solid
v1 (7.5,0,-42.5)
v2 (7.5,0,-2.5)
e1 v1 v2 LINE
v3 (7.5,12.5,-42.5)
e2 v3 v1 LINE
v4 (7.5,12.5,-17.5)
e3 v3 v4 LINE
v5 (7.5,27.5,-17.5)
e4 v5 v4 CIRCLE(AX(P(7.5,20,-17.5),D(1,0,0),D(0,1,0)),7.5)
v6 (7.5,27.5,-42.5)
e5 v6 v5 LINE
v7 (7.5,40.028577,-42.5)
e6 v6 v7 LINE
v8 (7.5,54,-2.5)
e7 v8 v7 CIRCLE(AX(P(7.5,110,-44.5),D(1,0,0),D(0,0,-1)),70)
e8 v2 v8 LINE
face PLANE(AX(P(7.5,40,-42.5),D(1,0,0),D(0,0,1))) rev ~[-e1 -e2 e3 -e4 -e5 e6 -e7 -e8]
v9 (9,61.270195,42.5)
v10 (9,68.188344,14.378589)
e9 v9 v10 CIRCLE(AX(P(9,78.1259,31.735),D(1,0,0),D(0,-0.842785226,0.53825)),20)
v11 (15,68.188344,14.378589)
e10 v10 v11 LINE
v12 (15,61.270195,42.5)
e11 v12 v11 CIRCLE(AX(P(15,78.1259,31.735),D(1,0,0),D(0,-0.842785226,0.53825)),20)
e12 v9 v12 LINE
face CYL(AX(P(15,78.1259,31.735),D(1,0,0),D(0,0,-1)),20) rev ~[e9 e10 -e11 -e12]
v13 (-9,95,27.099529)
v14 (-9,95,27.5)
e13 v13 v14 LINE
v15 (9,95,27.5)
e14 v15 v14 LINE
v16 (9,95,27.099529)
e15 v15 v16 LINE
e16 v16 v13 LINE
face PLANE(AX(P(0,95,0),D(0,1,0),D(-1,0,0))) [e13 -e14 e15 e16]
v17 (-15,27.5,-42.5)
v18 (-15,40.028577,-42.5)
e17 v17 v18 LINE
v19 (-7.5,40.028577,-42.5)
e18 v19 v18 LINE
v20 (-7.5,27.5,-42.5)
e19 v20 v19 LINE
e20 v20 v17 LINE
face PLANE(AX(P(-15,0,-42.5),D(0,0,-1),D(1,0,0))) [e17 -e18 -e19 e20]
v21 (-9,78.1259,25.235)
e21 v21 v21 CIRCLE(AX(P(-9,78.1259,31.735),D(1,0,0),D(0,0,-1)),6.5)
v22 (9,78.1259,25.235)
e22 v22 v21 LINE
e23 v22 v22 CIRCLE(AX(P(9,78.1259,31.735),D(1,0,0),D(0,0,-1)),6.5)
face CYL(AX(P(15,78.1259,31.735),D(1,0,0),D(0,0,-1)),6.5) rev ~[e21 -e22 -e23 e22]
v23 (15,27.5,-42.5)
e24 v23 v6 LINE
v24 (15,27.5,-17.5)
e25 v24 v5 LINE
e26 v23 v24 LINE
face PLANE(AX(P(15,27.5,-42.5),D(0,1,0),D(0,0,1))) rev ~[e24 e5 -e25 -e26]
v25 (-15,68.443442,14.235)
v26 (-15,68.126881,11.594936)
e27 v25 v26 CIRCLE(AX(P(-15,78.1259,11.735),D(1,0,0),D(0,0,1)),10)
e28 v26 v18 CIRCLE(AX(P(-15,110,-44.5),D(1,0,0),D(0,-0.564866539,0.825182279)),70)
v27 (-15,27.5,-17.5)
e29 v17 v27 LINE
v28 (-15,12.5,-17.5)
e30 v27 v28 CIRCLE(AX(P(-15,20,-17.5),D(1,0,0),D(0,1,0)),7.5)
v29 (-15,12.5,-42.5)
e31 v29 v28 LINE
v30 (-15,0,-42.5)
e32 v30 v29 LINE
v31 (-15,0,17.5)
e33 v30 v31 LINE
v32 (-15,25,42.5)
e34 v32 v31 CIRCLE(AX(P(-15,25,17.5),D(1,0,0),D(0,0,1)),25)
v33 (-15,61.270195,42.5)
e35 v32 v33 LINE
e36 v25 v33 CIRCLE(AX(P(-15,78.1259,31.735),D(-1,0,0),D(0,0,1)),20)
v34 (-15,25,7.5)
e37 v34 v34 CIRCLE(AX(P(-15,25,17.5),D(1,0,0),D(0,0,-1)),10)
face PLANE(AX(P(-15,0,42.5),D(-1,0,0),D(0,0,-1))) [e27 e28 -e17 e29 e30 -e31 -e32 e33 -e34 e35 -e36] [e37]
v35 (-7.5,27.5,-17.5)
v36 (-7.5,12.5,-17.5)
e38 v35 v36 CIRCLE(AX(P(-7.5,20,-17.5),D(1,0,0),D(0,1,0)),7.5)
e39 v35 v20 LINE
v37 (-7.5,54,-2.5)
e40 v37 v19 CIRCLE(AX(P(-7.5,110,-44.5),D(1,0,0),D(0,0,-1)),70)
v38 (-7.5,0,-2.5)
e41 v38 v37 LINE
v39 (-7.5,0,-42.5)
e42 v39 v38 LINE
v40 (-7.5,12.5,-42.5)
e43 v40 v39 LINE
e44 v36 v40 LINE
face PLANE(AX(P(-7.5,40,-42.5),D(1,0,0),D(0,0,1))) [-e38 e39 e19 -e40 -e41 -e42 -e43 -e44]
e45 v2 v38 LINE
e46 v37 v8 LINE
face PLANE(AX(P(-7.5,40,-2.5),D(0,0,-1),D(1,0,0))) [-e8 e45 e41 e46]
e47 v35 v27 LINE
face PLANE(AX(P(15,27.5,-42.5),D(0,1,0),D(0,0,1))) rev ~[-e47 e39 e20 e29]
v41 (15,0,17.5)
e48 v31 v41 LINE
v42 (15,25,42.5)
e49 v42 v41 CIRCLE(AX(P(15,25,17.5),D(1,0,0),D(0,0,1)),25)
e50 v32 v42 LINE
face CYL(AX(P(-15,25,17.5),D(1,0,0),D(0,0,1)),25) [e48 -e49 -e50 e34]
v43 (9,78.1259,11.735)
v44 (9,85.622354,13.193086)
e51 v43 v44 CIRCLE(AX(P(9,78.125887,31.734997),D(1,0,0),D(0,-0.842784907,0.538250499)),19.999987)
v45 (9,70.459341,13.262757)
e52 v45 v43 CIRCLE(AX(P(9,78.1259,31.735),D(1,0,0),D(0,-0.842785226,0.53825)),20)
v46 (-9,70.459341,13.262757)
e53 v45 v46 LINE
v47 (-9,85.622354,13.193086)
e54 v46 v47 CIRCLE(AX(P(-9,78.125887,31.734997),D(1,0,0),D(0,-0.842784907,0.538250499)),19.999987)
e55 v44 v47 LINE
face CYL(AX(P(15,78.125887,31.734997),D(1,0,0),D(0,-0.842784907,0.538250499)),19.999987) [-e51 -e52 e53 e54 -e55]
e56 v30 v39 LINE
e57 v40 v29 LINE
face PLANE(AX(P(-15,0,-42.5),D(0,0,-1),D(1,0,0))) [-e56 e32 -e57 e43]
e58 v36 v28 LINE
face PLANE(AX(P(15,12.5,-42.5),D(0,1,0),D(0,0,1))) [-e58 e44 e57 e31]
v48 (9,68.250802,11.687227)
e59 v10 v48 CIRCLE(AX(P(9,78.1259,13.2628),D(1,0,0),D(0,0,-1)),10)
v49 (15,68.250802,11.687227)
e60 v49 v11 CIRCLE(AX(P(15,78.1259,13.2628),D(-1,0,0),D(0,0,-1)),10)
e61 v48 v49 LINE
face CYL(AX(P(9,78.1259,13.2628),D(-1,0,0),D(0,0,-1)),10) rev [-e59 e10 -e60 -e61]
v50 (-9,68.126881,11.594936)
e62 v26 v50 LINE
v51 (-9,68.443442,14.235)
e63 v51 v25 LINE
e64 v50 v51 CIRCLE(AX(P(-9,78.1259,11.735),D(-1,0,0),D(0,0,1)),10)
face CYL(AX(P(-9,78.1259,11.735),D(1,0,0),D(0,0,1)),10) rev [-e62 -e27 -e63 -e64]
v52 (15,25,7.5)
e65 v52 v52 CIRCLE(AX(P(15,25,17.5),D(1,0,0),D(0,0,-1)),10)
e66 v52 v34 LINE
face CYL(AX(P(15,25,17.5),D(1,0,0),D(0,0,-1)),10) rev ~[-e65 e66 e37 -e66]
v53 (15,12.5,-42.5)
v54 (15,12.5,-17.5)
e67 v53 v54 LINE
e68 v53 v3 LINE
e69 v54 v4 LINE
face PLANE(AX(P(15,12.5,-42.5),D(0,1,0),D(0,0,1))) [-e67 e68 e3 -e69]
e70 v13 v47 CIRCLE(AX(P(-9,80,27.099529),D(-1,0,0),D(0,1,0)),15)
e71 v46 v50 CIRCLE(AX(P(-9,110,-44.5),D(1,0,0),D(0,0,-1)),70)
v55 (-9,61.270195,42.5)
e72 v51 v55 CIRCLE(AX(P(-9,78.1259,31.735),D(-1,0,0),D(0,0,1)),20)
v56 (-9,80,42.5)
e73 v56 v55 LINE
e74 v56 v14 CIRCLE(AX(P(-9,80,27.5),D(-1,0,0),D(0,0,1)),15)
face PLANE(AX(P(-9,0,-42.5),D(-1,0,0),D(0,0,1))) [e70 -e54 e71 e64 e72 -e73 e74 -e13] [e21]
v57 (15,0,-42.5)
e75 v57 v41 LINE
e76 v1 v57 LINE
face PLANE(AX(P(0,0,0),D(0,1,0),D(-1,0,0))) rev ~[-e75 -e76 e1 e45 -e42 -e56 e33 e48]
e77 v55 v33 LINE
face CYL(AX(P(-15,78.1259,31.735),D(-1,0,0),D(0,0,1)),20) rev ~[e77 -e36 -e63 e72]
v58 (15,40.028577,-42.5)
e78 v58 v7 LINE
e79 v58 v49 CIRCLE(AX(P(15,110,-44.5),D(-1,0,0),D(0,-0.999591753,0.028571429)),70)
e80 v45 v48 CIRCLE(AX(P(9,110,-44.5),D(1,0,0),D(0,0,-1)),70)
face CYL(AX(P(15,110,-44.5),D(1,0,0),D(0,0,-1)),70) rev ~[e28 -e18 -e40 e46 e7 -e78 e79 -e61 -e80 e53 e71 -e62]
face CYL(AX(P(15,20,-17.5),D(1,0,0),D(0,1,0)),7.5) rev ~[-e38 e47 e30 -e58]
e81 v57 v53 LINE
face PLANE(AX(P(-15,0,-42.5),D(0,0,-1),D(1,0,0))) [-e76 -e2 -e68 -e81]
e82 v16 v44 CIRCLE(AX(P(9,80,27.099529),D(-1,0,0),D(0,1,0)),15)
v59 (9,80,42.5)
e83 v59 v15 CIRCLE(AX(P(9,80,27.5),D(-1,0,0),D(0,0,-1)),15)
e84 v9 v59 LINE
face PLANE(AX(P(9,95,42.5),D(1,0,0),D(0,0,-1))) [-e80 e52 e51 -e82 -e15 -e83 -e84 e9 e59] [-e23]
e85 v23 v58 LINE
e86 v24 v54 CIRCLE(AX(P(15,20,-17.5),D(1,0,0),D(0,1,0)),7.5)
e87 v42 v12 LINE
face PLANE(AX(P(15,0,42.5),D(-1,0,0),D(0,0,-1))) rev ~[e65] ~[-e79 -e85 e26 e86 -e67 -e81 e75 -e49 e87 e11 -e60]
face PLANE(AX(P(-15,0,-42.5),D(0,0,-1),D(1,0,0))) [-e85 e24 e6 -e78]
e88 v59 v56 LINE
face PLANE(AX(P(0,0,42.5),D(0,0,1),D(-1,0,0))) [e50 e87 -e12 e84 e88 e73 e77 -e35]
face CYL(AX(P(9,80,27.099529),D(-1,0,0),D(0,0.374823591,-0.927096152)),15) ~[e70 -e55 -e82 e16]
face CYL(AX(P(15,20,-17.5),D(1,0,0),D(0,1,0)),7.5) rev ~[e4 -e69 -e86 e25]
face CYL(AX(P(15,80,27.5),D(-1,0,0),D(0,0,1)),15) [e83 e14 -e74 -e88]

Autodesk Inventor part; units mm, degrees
ref_plane "YZ Plane" through (0, 0, 0) normal (1, 0, 0) x (0, 1, 0)
ref_plane "XZ Plane" through (0, 0, 0) normal (0, 1, 0) x (-1, 0, 0)
ref_plane "XY Plane" through (0, 0, 0) normal (0, 0, 1) x (1, 0, 0)
sketch "Sketch1" plane through (0, 0, 0) normal (0, 1, 0) x (-1, 0, 0)
  line L0 (0, 42.5) -> (0, -42.5)
  line L1 (15, 0) -> (-15, 0)
  line L2 (0, 42.5) -> (15, 42.5)
  line L3 (15, 42.5) -> (15, -42.5)
  line L4 (15, -42.5) -> (-15, -42.5)
  line L5 (0, 42.5) -> (-15, 42.5)
  line L6 (-15, 42.5) -> (-15, -42.5)
  point P0 (0, 0)
  point P1 (0, 0)
  point P2 (0, 0)
extrude "Extrusion1" add sketch "Sketch1" along normal blind 95
fillet "Fillet1" radius 25 1 edges at (-7.5, 0, 42.5)
sketch "Sketch2" plane through (15, 0, -42.5) normal (1, 0, 0) x (0, 0, -1)
  arc A0 (-85, 25) -> (-60, 0) centre (-60, 25) ccw projected
  line L0 (-60, 0) -> (0, 0) projected
  line L1 (0, 0) -> (0, 95) projected
  line L2 (-85, 95) -> (0, 95) projected
  line L3 (-85, 25) -> (-85, 95) projected
  circle A1 centre (-60, 25) radius 10
  line L4 (0, 0) -> (0, 12.5)
  line L5 (0, 0) -> (0, 95) projected
  line L6 (0, 12.5) -> (-25, 12.5)
  line L7 (0, 12.5) -> (0, 27.5)
  line L8 (0, 27.5) -> (0, 40)
  line L9 (0, 40) -> (-40, 40)
  line L10 (0, 27.5) -> (-25, 27.5)
  arc A2 (-25, 27.5) -> (-25, 12.5) centre (-25, 20) ccw
  point P0 (-42.5, 0)
  dimension "d5" = 20
  dimension "d6" = 12.5
  dimension "d7" = 25
  dimension "d8" = 15
  dimension "d9" = 12.5
  dimension "d10" = 40
extrude "Extrusion2" cut sketch "Sketch2" against normal up to next contours L6 A2 L10 L1 | A1
sketch "Sketch3" plane through (15, 95, 42.5) normal (1, 0, 0) x (0, 0, -1)
  line L0 (85, -82.5) -> (60, -82.5) projected
  arc A0 (60, -67.5) -> (60, -82.5) centre (60, -75) ccw projected
  line L1 (60, -67.5) -> (85, -67.5) projected
  line L2 (85, -67.5) -> (85, 0) projected
  line L3 (0, 0) -> (85, 0) projected
  line L4 (0, -70) -> (0, 0) projected
  arc A1 (0, -70) -> (25, -95) centre (25, -70) ccw projected
  line L5 (25, -95) -> (85, -95) projected
  line L6 (85, -95) -> (85, -82.5) projected
  circle A2 centre (25, -70) radius 10 projected
  line L7 (25, -70) -> (25, 29)
  line L8 (25, -70) -> (-1.9532, 30.5909)
  line L9 (25, -70) -> (10.765, -16.8741)
  circle A3 centre (10.765, -16.8741) radius 6.5
  circle A4 centre (10.765, -16.8741) radius 20
  line L10 (0, 0) -> (85, 0) projected
  line L11 (85, 0) -> (0, 0) projected
  point P0 (42.5, -95)
  dimension "d13" = 15
  dimension "d14" = 55
  dimension "d15" = 13
  dimension "d17" = 40
extrude "Extrusion3" cut sketch "Sketch3" against normal up to next contours A3 L8 | L8 A3
extrude "Extrusion4" cut sketch "Sketch3" against normal blind 6 contours A4 L4 | L4 A4 L3 L8 A3 | L8 A3 L3 A4 L7 | L3 L8 A4 | A4 L7 | A4 L8 L3
fillet "Fillet2" radius 15 1 edges at (0, 95, 42.5)
sketch "Sketch5" plane through (15, 0, -42.5) normal (0, 0, -1) x (-1, 0, 0)
  line L0 (30, 12.5) -> (0, 12.5) projected
  line L1 (0, 0) -> (0, 12.5) projected
  line L2 (0, 0) -> (30, 0) projected
  line L3 (30, 0) -> (30, 12.5) projected
  line L4 (0, 0) -> (7.5, 0)
  line L5 (7.5, 0) -> (7.5, 40)
  line L6 (7.5, 40) -> (22.5, 40)
  line L7 (22.5, 40) -> (22.5, 0)
  point P0 (15, 0)
  dimension "d28" = 7.5
  dimension "d29" = 40
  dimension "d30" = 15
extrude "Extrusion6" cut sketch "Sketch5" against normal blind 40 contours L7 L2 L5 L0 | L0 L5 L6 L7
sketch "Sketch6" plane through (15, 0, 17.5) normal (1, 0, 0) x (0, 0, -1)
  arc A0 (-25, 61.2702) -> (-3.4989, 95) centre (-14.235, 78.1259) ccw projected
  line L0 (-25, 25) -> (-25, 61.2702) projected
  arc A1 (-25, 25) -> (0, 0) centre (0, 25) ccw projected
  line L1 (0, 0) -> (60, 0) projected
  line L2 (60, 0) -> (60, 12.5) projected
  line L3 (60, 12.5) -> (35, 12.5) projected
  arc A2 (35, 27.5) -> (35, 12.5) centre (35, 20) ccw projected
  line L4 (35, 27.5) -> (60, 27.5) projected
  line L5 (60, 27.5) -> (60, 95) projected
  line L6 (-3.4989, 95) -> (60, 95) projected
  circle A3 centre (0, 25) radius 10 projected
  line L7 (-14.235, 78.1259) -> (5.765, 78.1259)
  line L8 (60, 40) -> (60, 27.5) projected
  line L9 (60, 0) -> (60, 40)
  line L10 (60, 40) -> (20, 40) projected
  line L11 (60, 40) -> (20, 40)
  line L12 (20, 40) -> (20, 54)
  circle A4 centre (62, 110) radius 70
  point P0 (17.5, 0)
  point P1 (4.2372, 70.4594)
  point P2 (60, 40.0286)
  dimension "d33" = 140
extrude "Extrusion7" cut sketch "Sketch6" against normal up to next contours A0 L6 L5 A4
sketch "Sketch7" plane through (-15, 0, -42.5) normal (-1, 0, 0) x (0, 0, 1)
  circle A0 centre (60, 25) radius 10 projected
  circle A1 centre (74.235, 78.1259) radius 6.5 projected
  arc A2 (0, 40.0286) -> (55.7628, 70.4594) centre (-2, 110) ccw projected
  line L0 (0, 27.5) -> (0, 40.0286) projected
  line L1 (0, 27.5) -> (25, 27.5) projected
  arc A3 (25, 12.5) -> (25, 27.5) centre (25, 20) ccw projected
  line L2 (25, 12.5) -> (0, 12.5) projected
  line L3 (0, 0) -> (0, 12.5) projected
  line L4 (0, 0) -> (60, 0) projected
  arc A4 (60, 0) -> (85, 25) centre (60, 25) ccw projected
  line L5 (85, 25) -> (85, 80) projected
  arc A5 (85, 80) -> (70, 95) centre (70, 80) ccw projected
  line L6 (63.4989, 95) -> (70, 95) projected
  circle A6 centre (74.235, 78.1259) radius 20
  arc A7 (63.4989, 95) -> (55.7628, 70.4594) centre (74.235, 78.1259) ccw projected
  point P0 (42.5, 0)
  dimension "d36" = 40
extrude "Extrusion8" cut sketch "Sketch7" against normal blind 6 contours A1 | A6 L6 A5 L5 | A6 L5 A5 L6
fillet "Fillet3" radius 15 1 edges at (0, 95, 20.9989)
sketch "Sketch8" plane through (-7.5, 40, -42.5) normal (0, -1, 0) x (1, 0, 0)
  line L0 (0, 0) -> (0, 40) projected
  line L1 (0, 40) -> (15, 40)
  line L2 (15, 0) -> (15, 40) projected
  line L3 (15, 40) -> (15, 0)
  line L4 (15, 0) -> (0, 0)
  line L5 (0, 0) -> (0, 40)
  point P0 (7.5, 42.5)
extrude "Extrusion9" cut sketch "Sketch8" against normal up to next
sketch "Sketch9" plane through (9, 95, 42.5) normal (1, 0, 0) x (0, 0, -1)
  circle A0 centre (25, -70) radius 10 projected
  arc A1 (29.2372, -24.5406) -> (85, -54.9714) centre (87, 15) ccw projected
  arc A2 (0, -33.7298) -> (29.2372, -24.5406) centre (10.765, -16.8741) ccw projected
  line L0 (0, -70) -> (0, -33.7298) projected
  arc A3 (0, -70) -> (25, -95) centre (25, -70) ccw projected
  line L1 (25, -95) -> (85, -95) projected
  line L2 (85, -95) -> (85, -82.5) projected
  line L3 (85, -82.5) -> (60, -82.5) projected
  arc A4 (60, -67.5) -> (60, -82.5) centre (60, -75) ccw projected
  line L4 (60, -67.5) -> (85, -67.5) projected
  line L5 (85, -67.5) -> (85, -54.9714) projected
  line L6 (10.765, -16.8741) -> (29.2372, -16.8741)
  circle A5 centre (29.2372, -16.8741) radius 10
  point P0 (42.5, -95)
  dimension "d42" = 20
extrude "Extrusion10" cut sketch "Sketch9" along normal blind 10 contours A2 A5 A1 | A1 A5 A2
sketch "Sketch10" plane through (-9, 0, -42.5) normal (-1, 0, 0) x (0, 0, 1)
  circle A0 centre (74.235, 78.1259) radius 6.5 projected
  arc A1 (69.5996, 95) -> (55.6931, 85.6222) centre (69.5996, 80) ccw projected
  arc A2 (55.6931, 85.6222) -> (55.7628, 70.4594) centre (74.235, 78.1259) ccw projected
  arc A3 (55.7628, 70.4594) -> (85, 61.2702) centre (74.235, 78.1259) ccw projected
  line L0 (85, 80) -> (85, 61.2702) projected
  arc A4 (85, 80) -> (70, 95) centre (70, 80) ccw projected
  line L1 (69.5996, 95) -> (70, 95) projected
  line L2 (74.235, 78.1259) -> (42.5, 78.1259)
  circle A5 centre (54.235, 78.1259) radius 10
  point P0 (42.5, 0)
  dimension "d45" = 20
extrude "Extrusion11" cut sketch "Sketch10" along normal blind 10 contours A5 A3 A2 L2 | L2 A2 A1 A5 | L2 A5 A1 A2 | A2 A3 A5 L2
properties part number "FIGURA3_U3_MINIPROYECTO"
